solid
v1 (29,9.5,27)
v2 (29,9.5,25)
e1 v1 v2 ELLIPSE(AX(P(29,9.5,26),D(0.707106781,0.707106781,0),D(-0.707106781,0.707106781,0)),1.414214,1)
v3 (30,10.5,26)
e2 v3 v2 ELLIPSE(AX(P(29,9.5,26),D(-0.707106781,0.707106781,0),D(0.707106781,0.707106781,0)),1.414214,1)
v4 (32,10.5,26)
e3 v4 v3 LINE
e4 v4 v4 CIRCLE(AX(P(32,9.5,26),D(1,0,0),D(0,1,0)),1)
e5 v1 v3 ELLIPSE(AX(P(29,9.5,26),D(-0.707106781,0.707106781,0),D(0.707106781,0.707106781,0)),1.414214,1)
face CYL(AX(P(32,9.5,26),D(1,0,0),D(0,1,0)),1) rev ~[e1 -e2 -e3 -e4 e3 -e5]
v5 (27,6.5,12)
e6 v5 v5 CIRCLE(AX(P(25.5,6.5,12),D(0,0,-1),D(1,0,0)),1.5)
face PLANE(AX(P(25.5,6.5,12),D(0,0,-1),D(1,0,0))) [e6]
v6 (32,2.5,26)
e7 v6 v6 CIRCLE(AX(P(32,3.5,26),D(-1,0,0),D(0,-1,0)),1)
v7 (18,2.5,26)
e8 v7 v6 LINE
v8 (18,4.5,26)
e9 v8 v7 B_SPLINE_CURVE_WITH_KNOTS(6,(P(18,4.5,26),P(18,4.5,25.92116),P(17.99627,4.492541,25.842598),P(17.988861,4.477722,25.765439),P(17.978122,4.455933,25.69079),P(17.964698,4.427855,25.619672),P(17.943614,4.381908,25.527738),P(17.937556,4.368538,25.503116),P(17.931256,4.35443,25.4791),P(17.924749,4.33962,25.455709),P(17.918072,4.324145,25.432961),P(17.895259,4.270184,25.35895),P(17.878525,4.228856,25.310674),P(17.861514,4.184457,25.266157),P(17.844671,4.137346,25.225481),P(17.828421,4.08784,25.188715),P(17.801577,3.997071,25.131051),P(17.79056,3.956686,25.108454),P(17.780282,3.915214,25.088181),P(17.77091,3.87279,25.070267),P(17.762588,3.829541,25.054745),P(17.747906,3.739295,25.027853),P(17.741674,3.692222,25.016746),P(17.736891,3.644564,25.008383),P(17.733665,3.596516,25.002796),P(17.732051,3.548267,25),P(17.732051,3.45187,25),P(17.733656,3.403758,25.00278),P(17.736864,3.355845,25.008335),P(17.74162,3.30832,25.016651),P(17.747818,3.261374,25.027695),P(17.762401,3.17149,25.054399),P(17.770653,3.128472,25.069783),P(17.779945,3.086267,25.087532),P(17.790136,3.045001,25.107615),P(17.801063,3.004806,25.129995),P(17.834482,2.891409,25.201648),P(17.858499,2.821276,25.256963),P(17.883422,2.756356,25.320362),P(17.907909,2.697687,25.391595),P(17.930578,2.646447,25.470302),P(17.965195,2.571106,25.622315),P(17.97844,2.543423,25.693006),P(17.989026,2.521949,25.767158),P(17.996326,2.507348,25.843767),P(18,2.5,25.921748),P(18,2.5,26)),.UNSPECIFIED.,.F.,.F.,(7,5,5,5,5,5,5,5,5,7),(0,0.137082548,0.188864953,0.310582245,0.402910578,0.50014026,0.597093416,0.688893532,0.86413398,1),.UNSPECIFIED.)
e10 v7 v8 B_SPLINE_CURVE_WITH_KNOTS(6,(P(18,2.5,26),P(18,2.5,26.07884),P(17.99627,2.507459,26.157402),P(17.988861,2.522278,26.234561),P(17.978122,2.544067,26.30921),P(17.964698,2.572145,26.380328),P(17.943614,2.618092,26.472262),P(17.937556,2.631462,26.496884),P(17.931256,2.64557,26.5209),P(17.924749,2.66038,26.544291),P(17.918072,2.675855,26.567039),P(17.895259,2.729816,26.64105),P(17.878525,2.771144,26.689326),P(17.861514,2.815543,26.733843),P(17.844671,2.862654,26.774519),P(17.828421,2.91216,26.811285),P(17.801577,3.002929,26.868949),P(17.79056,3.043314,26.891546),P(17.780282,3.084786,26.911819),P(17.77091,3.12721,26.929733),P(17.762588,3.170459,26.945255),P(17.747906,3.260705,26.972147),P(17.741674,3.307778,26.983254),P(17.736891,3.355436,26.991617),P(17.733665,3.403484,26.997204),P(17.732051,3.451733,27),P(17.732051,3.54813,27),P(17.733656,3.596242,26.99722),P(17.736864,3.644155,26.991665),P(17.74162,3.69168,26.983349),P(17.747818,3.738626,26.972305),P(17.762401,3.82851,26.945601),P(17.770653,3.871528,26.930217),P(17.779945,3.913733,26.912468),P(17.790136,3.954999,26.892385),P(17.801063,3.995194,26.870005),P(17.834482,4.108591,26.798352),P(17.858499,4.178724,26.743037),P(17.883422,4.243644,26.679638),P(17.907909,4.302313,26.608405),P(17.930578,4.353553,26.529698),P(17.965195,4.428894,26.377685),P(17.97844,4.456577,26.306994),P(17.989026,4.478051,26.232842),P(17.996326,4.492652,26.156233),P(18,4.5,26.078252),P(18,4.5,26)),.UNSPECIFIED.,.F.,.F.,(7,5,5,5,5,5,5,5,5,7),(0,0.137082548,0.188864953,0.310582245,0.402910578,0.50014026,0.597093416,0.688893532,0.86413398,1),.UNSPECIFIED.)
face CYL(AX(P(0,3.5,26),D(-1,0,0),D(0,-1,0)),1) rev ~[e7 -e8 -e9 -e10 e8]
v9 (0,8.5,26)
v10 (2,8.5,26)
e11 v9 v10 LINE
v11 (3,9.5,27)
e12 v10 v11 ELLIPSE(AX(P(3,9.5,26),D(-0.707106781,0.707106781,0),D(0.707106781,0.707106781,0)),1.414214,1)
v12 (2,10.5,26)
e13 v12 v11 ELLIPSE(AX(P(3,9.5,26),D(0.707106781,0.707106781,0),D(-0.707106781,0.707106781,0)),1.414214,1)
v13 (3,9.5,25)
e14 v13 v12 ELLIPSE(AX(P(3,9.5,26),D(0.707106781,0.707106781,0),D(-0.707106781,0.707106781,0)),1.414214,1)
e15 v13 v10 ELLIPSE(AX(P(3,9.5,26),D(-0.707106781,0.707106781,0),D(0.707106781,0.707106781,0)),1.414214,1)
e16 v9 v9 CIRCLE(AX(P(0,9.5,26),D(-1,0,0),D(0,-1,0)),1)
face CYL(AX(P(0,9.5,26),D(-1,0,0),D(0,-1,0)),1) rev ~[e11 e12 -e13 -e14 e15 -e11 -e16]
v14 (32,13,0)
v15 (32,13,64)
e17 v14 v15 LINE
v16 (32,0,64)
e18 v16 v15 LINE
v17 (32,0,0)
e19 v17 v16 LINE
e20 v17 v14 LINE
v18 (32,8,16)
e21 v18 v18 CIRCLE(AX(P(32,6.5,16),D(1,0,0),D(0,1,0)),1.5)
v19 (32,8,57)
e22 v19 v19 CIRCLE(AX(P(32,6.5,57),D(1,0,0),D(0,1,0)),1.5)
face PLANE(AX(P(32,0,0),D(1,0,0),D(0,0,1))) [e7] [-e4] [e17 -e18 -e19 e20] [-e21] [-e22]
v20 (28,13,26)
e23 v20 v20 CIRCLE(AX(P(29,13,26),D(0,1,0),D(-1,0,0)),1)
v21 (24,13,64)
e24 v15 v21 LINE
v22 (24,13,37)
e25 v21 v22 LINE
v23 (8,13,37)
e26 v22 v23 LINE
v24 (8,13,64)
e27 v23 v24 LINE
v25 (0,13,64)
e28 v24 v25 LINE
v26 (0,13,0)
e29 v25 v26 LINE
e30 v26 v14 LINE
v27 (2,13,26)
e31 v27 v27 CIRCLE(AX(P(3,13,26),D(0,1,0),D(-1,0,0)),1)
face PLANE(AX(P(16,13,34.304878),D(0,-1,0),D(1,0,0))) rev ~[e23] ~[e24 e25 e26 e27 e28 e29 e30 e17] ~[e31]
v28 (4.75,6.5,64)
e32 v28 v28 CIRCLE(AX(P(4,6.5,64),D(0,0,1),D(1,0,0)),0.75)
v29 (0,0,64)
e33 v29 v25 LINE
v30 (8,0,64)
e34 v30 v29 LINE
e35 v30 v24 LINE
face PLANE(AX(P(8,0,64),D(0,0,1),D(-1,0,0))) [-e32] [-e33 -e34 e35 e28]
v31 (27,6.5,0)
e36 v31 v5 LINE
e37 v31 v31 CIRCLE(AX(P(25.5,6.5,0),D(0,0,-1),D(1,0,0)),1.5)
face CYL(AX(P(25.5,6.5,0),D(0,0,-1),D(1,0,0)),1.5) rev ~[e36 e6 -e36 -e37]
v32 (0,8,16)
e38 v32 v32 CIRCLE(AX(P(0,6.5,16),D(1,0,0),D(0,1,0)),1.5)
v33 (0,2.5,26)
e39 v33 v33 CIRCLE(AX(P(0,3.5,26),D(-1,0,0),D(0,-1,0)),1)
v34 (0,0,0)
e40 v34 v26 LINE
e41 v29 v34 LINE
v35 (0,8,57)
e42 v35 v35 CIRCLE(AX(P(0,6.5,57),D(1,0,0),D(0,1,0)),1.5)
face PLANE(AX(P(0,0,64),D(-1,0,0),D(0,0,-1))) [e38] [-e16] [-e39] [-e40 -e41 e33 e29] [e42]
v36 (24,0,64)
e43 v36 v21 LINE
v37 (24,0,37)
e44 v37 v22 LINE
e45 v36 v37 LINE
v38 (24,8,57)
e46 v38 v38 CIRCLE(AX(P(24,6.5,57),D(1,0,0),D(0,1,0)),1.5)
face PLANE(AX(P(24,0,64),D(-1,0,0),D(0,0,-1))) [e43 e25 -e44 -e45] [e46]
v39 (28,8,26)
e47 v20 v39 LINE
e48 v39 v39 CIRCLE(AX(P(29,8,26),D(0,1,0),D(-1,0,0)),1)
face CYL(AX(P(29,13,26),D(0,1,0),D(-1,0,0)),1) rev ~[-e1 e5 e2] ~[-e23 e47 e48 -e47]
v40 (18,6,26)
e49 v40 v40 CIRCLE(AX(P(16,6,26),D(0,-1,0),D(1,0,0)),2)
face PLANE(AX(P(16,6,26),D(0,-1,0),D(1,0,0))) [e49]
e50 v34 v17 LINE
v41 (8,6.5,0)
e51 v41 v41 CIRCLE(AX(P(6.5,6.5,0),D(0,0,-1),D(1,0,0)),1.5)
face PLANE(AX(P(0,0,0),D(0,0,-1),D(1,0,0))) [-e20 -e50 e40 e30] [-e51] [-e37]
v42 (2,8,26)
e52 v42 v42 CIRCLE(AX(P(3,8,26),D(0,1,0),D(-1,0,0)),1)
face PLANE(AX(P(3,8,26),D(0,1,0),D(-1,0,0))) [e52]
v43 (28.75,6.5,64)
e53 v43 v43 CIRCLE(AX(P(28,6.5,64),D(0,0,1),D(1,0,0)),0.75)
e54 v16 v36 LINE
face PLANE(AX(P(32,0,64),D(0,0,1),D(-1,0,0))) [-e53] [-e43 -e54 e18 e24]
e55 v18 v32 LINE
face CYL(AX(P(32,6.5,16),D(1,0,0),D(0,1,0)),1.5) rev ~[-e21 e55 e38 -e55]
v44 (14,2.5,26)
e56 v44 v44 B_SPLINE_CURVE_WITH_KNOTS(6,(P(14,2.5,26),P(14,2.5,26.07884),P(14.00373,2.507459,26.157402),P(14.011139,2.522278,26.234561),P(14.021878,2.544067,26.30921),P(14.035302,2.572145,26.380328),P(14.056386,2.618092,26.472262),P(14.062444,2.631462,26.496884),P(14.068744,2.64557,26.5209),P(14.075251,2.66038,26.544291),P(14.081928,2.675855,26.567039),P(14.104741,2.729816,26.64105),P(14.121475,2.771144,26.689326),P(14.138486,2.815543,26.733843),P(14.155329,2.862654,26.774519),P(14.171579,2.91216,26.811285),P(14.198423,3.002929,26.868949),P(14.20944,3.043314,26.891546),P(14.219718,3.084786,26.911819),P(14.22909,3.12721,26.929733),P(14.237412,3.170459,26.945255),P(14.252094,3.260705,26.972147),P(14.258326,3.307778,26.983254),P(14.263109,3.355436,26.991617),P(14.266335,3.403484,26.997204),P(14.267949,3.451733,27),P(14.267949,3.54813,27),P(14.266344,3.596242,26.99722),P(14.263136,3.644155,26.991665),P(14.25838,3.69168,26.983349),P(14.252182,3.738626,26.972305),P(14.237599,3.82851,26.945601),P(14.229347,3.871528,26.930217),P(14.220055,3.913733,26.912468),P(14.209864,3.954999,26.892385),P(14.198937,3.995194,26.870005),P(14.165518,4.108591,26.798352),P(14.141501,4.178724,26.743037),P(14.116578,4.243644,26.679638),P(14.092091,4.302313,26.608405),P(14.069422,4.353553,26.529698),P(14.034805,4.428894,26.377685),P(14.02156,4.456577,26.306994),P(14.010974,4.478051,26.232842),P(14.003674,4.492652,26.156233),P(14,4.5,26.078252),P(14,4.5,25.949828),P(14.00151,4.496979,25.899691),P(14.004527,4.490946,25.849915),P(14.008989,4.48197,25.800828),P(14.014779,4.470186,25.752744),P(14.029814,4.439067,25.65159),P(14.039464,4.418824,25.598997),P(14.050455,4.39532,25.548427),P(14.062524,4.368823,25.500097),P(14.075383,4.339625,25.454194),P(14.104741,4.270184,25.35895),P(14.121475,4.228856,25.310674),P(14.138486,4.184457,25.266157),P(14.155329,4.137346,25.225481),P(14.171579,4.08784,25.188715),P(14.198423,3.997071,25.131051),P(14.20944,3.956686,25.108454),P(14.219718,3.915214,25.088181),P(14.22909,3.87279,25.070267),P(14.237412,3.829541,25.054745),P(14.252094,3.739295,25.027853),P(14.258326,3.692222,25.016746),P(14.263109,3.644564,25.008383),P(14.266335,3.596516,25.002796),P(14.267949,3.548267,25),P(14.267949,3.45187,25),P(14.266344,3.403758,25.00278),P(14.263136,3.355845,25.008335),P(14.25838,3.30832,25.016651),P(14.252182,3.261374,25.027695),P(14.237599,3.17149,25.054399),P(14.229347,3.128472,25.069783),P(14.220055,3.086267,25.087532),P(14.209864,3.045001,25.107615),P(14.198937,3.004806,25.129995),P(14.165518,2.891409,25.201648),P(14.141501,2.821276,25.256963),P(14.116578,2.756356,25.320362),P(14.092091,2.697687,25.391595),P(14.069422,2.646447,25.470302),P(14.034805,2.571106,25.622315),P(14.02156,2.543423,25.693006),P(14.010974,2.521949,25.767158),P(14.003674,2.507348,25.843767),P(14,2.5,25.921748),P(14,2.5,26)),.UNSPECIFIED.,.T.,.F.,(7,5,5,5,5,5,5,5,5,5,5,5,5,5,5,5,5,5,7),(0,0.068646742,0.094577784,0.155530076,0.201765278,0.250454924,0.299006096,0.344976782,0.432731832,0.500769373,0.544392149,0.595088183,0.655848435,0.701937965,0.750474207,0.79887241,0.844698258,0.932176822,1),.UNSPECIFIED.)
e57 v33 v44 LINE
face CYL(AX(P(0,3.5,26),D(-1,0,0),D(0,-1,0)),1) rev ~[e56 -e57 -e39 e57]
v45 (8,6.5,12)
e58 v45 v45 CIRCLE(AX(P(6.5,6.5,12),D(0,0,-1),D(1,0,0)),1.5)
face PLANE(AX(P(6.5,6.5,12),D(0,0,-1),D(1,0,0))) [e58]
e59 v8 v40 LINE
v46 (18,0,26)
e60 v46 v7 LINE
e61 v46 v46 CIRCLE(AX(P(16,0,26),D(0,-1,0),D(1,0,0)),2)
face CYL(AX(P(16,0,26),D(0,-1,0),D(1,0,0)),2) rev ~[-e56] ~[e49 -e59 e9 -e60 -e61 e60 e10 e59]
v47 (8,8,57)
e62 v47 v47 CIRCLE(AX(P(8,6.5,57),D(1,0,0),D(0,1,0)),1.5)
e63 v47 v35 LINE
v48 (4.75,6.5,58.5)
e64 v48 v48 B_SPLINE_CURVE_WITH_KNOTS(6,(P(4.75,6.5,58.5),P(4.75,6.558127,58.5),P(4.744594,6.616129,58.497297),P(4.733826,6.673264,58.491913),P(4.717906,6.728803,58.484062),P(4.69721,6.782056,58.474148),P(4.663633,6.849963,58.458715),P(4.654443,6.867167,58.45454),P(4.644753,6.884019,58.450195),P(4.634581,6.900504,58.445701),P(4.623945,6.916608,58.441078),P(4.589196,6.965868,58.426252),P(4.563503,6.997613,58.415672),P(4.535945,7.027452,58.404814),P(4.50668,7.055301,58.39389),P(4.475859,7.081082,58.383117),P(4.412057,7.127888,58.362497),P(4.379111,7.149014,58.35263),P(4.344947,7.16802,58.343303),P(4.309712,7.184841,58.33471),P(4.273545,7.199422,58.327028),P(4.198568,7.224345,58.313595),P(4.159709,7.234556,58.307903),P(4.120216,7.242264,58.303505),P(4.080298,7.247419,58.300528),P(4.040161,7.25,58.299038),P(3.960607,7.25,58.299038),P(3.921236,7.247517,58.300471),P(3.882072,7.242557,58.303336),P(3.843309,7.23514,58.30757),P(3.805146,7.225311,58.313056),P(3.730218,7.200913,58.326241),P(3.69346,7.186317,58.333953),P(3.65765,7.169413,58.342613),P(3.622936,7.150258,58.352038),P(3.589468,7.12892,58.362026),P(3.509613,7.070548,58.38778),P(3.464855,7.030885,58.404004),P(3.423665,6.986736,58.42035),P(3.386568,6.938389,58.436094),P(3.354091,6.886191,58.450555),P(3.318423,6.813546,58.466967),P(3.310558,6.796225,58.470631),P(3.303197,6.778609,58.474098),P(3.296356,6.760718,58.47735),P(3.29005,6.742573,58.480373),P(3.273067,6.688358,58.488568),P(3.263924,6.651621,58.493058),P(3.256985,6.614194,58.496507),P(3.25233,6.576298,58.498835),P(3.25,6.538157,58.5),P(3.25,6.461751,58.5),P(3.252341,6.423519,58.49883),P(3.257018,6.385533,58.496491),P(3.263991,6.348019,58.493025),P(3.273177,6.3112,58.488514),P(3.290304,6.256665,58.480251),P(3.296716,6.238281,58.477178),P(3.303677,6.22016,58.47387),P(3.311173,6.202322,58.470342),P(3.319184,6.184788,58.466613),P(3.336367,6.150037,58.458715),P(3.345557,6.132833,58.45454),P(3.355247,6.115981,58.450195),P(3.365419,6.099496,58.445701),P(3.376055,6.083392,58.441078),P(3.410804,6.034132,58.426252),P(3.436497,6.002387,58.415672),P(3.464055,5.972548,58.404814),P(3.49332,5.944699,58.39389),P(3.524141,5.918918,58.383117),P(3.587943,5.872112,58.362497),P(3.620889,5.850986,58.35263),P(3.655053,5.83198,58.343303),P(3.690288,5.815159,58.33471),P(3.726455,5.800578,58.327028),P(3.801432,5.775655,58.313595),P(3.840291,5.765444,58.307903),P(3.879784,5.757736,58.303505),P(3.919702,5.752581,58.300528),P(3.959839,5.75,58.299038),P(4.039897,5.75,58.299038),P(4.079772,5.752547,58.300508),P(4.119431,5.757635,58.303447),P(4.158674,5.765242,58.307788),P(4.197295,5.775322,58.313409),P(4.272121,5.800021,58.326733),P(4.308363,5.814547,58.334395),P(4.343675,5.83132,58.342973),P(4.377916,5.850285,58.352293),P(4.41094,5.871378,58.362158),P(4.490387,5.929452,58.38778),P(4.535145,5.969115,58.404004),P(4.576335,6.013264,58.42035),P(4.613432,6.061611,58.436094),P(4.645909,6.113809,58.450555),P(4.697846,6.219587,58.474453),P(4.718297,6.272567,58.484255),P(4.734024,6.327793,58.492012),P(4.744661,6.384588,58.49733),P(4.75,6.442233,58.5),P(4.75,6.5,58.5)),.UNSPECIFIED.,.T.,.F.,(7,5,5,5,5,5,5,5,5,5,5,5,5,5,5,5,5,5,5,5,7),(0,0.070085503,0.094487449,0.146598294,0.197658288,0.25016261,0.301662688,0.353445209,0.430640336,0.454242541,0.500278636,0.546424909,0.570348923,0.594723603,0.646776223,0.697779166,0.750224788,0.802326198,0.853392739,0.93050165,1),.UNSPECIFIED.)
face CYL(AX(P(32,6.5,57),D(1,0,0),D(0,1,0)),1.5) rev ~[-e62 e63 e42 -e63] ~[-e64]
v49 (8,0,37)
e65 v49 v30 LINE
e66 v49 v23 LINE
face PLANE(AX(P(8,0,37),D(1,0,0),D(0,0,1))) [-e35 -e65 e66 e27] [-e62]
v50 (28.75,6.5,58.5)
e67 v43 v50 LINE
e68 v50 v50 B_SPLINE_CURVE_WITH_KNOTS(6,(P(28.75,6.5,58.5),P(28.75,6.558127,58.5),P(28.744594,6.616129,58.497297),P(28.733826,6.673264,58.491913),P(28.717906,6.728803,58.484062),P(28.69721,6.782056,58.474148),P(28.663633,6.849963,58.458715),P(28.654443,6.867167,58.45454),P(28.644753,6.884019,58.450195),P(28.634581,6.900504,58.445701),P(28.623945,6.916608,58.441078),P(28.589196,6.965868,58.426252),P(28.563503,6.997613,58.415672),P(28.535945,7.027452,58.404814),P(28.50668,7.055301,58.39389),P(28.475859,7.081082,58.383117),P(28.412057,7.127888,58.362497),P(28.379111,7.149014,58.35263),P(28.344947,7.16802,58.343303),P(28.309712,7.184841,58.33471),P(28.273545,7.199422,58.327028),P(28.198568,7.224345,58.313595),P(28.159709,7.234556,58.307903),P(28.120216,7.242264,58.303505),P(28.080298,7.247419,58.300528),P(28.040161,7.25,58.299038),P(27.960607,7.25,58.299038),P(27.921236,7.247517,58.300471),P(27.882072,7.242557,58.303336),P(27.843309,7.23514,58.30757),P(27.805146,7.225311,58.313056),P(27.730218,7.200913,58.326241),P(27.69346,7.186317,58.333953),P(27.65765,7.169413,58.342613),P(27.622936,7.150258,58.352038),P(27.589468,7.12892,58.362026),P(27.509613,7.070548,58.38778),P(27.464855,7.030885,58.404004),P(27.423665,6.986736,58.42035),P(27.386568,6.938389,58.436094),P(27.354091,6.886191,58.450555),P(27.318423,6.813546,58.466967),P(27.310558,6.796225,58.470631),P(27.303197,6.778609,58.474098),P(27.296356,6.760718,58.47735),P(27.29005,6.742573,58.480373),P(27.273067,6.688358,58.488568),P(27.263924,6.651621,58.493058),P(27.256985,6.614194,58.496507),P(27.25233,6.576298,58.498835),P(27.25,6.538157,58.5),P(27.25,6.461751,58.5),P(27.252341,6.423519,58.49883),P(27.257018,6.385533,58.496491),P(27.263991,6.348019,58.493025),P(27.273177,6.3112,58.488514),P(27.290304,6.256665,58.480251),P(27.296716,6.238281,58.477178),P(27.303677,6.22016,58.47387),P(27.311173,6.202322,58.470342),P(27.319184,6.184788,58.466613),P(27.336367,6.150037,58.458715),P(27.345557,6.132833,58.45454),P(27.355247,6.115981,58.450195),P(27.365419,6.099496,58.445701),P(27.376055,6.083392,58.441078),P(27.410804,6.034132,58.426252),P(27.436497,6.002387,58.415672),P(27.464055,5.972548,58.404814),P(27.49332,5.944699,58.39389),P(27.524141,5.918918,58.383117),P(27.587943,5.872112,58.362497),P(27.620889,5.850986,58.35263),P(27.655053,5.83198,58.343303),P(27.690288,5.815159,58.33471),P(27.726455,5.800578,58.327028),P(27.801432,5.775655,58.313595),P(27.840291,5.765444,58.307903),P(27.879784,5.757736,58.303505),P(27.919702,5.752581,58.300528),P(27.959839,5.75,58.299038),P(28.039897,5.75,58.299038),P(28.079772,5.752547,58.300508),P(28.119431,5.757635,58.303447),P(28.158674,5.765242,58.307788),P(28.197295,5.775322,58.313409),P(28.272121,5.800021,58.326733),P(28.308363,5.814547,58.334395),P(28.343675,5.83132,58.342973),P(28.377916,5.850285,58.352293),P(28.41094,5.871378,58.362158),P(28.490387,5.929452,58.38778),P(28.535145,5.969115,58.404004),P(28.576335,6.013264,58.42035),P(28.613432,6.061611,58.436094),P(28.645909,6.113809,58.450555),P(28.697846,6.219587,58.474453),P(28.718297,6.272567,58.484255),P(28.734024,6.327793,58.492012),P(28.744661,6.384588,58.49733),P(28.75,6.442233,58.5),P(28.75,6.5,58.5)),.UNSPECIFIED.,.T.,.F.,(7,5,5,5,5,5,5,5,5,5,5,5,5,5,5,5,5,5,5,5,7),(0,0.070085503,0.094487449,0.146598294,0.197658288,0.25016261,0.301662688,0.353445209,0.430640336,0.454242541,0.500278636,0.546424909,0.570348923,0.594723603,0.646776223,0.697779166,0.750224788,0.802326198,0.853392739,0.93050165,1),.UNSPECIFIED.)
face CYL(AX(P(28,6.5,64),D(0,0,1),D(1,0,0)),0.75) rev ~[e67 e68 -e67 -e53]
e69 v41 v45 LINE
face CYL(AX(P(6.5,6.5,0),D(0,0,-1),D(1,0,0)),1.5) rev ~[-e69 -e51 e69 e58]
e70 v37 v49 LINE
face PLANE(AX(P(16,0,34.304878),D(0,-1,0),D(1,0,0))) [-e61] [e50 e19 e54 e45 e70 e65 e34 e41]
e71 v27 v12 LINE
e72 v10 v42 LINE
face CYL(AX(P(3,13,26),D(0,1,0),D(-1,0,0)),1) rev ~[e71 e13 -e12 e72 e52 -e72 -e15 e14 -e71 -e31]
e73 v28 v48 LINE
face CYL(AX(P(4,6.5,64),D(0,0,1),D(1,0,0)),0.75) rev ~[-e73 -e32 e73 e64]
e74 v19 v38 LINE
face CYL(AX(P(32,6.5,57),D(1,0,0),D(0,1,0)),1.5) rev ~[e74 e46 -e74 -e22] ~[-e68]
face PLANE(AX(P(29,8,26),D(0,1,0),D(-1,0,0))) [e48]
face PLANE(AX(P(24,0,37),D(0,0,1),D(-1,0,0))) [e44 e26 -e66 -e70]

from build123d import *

# Parameters (mm, degrees)
F1_DEPTH  = 13
F2_R      = 1.5
F3_DEPTH  = 12
F4_R      = 1.5
F5_DEPTH  = 32.001
F6_DEPTH  = 32.001
F7_R      = 2
F8_DEPTH  = 6
F9_R      = 1
F10_DEPTH = 32.001
F11_R     = 1
F12_DEPTH = 5
F13_R     = 1
F14_DEPTH = 3.001
F15_R     = 1
F16_DEPTH = 3.001
F17_R     = 0.75
F18_DEPTH = 5.7019619943


with BuildPart() as f1:
    # F0 (on Front) → F1 (new body)
    with BuildSketch(Plane.XZ):
        Polygon((0, 64), (0, 0), (32, 0), (32, 64), (24, 64), (24, 37), (8, 37), (8, 64), align=None)
    extrude(amount=-F1_DEPTH)

    # F2 (on face) → F3 (cut)
    with BuildSketch(Plane(origin=(0, 0, 0), x_dir=(1, 0, 0), z_dir=(0, 0, -1))):
        with Locations((6.5, -6.5)):
            Circle(F2_R)
        with Locations((25.5, -6.5)):
            Circle(F2_R)
    extrude(amount=-F3_DEPTH, mode=Mode.SUBTRACT)

    # F4 (on face) → F5 (cut, through all)
    with BuildSketch(Plane.YZ.offset(32)):
        with Locations((6.5, 57)):
            Circle(F4_R)
    extrude(amount=-F5_DEPTH, mode=Mode.SUBTRACT)

    # F4 (on face) → F6 (cut, through all)
    with BuildSketch(Plane.YZ.offset(32)):
        with Locations((6.5, 16)):
            Circle(F4_R)
    extrude(amount=-F6_DEPTH, mode=Mode.SUBTRACT)

    # F7 (on face) → F8 (cut)
    with BuildSketch(Plane.XZ):
        with Locations((16, 26)):
            Circle(F7_R)
    extrude(amount=-F8_DEPTH, mode=Mode.SUBTRACT)

    # F9 (on face) → F10 (cut, through all)
    with BuildSketch(Plane(origin=(0, 0, 0), x_dir=(0, -1, 0), z_dir=(-1, 0, 0))):
        with Locations((-3.5, 26)):
            Circle(F9_R)
    extrude(amount=-F10_DEPTH, mode=Mode.SUBTRACT)

    # F11 (on face) → F12 (cut)
    with BuildSketch(Plane(origin=(0, 13, 0), x_dir=(-1, 0, 0), z_dir=(0, 1, 0))):
        with Locations((-29, 26)):
            Circle(F11_R)
        with Locations((-3, 26)):
            Circle(F11_R)
    extrude(amount=-F12_DEPTH, mode=Mode.SUBTRACT)

    # F13 (on face) → F14 (cut, through all)
    with BuildSketch(Plane(origin=(0, 0, 0), x_dir=(0, -1, 0), z_dir=(-1, 0, 0))):
        with Locations((-9.5, 26)):
            Circle(F13_R)
    extrude(amount=-F14_DEPTH, mode=Mode.SUBTRACT)

    # F15 (on face) → F16 (cut, through all)
    with BuildSketch(Plane.YZ.offset(32)):
        with Locations((9.5, 26)):
            Circle(F15_R)
    extrude(amount=-F16_DEPTH, mode=Mode.SUBTRACT)

    # F17 (on face) → F18 (cut, through all)
    with BuildSketch(Plane.XY.offset(64)):
        with Locations((4, 6.5)):
            Circle(F17_R)
        with Locations((28, 6.5)):
            Circle(F17_R)
    extrude(amount=-F18_DEPTH, mode=Mode.SUBTRACT)


solid = f1.part
